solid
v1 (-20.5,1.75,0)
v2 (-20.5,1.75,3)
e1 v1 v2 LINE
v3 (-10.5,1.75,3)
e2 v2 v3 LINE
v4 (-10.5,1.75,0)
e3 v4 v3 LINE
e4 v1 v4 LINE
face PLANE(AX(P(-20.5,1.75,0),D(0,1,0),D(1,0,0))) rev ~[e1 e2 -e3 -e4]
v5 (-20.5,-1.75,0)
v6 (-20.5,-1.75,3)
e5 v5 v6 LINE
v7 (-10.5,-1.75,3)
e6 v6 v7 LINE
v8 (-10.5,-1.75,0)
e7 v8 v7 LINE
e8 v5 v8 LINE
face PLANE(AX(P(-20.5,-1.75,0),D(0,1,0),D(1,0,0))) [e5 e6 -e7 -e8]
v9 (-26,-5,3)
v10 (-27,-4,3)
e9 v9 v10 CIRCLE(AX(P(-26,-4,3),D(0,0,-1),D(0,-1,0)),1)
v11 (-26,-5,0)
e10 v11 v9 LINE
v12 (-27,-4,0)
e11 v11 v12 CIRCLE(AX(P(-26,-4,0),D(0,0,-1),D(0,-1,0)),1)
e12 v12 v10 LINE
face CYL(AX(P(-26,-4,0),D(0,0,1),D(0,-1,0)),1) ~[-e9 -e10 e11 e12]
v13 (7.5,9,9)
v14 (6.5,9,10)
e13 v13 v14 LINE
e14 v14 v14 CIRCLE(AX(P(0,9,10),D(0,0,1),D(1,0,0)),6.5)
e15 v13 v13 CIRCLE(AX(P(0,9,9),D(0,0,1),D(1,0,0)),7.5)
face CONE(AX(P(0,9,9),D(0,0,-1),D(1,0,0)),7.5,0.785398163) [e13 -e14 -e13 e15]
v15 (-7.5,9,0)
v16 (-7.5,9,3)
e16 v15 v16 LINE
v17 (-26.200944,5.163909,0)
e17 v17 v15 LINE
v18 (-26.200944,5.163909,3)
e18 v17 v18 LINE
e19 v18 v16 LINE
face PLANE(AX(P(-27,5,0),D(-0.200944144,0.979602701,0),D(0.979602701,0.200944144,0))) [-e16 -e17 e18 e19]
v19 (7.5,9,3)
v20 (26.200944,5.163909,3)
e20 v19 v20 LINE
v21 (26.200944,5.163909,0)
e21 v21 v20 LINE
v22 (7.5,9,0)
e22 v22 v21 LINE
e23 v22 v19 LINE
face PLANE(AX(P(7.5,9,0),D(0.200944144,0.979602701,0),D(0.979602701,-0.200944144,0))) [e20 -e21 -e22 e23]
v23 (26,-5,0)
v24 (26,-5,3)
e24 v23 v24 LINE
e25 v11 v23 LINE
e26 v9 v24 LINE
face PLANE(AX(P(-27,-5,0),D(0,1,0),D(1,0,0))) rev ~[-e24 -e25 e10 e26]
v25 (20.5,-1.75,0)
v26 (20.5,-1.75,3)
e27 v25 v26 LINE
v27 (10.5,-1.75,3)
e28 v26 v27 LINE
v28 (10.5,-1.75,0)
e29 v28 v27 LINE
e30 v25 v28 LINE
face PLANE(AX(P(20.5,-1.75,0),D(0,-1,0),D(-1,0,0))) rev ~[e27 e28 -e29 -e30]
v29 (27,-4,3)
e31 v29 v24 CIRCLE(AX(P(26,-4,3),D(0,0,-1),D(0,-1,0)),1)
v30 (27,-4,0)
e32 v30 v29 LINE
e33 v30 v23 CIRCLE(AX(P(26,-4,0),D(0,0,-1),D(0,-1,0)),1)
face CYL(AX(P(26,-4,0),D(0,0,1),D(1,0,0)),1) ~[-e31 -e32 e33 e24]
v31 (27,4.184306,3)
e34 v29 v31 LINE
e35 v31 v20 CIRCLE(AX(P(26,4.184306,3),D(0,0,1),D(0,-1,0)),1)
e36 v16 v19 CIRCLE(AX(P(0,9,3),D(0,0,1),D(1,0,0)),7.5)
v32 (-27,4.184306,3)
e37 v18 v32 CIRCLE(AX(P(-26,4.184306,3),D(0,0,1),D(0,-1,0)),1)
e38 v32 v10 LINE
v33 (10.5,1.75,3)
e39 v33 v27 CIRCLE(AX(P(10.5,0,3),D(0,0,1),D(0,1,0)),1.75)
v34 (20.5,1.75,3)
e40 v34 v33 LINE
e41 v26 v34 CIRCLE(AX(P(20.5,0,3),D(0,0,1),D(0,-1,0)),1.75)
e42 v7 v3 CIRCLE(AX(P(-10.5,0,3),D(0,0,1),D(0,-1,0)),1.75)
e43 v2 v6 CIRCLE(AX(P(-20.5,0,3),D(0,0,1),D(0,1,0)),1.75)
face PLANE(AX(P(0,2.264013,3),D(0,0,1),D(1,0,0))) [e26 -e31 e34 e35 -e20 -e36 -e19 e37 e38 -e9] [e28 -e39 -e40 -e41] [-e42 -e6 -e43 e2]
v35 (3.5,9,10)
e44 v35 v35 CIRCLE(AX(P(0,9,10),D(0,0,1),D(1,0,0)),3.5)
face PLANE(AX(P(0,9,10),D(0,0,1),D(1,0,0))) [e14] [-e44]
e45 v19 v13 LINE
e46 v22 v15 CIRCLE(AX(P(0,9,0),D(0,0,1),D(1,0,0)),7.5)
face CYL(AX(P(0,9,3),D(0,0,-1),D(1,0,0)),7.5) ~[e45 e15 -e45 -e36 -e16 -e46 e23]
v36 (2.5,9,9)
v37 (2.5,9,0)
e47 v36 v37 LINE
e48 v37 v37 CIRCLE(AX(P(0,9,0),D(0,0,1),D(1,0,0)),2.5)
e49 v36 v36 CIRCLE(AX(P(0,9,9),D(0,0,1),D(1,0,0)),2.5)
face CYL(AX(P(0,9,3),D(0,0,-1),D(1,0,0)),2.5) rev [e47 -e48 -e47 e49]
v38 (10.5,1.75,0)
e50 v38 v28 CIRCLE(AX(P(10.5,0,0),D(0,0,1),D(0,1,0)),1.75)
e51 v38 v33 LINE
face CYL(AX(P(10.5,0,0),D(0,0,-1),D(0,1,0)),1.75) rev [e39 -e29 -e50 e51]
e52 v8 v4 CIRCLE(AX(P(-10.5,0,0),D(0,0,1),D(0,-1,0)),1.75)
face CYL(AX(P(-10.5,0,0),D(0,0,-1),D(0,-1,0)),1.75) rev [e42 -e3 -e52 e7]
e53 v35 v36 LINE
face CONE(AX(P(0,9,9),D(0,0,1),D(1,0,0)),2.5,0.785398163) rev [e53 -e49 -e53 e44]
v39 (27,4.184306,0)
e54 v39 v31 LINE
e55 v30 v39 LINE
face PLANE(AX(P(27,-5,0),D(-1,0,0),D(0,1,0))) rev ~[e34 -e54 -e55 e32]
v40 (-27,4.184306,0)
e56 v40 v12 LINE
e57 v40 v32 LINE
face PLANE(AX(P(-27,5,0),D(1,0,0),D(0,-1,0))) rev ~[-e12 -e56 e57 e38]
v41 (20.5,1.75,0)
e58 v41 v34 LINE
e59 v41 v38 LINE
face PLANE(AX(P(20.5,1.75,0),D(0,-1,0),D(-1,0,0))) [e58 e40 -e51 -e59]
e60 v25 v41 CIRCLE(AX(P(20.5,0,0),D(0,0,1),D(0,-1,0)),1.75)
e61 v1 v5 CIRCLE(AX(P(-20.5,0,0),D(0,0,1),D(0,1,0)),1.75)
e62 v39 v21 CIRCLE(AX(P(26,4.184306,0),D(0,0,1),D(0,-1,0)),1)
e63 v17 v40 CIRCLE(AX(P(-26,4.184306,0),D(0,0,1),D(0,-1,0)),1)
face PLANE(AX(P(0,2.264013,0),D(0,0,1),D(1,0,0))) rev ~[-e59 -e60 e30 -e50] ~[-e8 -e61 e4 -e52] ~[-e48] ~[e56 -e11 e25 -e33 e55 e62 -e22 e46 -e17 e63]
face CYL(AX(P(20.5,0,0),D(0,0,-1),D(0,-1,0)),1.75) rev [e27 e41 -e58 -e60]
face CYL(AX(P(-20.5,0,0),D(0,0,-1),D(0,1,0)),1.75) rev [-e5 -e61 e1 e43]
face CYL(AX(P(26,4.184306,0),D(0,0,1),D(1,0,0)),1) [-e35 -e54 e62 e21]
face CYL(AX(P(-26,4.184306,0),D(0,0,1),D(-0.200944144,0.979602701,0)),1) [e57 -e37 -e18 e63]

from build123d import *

# Parameters (mm, degrees)
SKETCH_R        = 2.5
PAD_DEPTH       = 3
SKETCH001_R     = 7.5
SKETCH001_R_2   = 2.5
PAD001_DEPTH    = 7
CHAMFER_SIZE    = 1
FILLET_R        = 1
FILLET001_R     = 1
FILLET002_R     = 1
FILLET003_R     = 1
CHAMFER001_SIZE = 1


with BuildPart() as part:
    # Sketch → Pad (new body)
    with BuildSketch(Plane.XY):
        with BuildLine():
            Line((-27, -5), (27, -5))
            Line((27, -5), (27, 5))
            Line((7.5, 9), (27, 5))
            ThreePointArc((7.5, 9), (0, 16.5), (-7.5, 9))
            Line((-27, 5), (-7.5, 9))
            Line((-27, 5), (-27, -5))
        make_face()
        with Locations((0, 9)):
            Circle(SKETCH_R, mode=Mode.SUBTRACT)
        with BuildLine():
            ThreePointArc((-20.5, 1.75), (-22.25, 0), (-20.5, -1.75))
            Line((-20.5, -1.75), (-10.5, -1.75))
            ThreePointArc((-10.5, -1.75), (-8.75, 0), (-10.5, 1.75))
            Line((-20.5, 1.75), (-10.5, 1.75))
        make_face(mode=Mode.SUBTRACT)
        with BuildLine():
            ThreePointArc((20.5, -1.75), (22.25, 0), (20.5, 1.75))
            Line((20.5, 1.75), (10.5, 1.75))
            ThreePointArc((10.5, 1.75), (8.75, 0), (10.5, -1.75))
            Line((20.5, -1.75), (10.5, -1.75))
        make_face(mode=Mode.SUBTRACT)
    extrude(amount=PAD_DEPTH)

    # Sketch001 (on Face17 of Pad) → Pad001 (join)
    with BuildSketch(Plane.XY.offset(3)):
        with Locations((0, 9)):
            Circle(SKETCH001_R)
        with Locations((0, 9)):
            Circle(SKETCH001_R_2, mode=Mode.SUBTRACT)
    extrude(amount=PAD001_DEPTH)

    # Chamfer
    chamfer_edges = [part.edges().sort_by_distance(p)[0] for p in [
        (-2.5, 9, 10),
    ]]
    chamfer(chamfer_edges, length=CHAMFER_SIZE)

    # Fillet
    fillet_edges = [part.edges().sort_by_distance(p)[0] for p in [
        (27, -5, 1.5),
    ]]
    fillet(fillet_edges, radius=FILLET_R)

    # Fillet001
    fillet001_edges = [part.edges().sort_by_distance(p)[0] for p in [
        (-27, -5, 1.5),
    ]]
    fillet(fillet001_edges, radius=FILLET001_R)

    # Fillet002
    fillet002_edges = [part.edges().sort_by_distance(p)[0] for p in [
        (27, 5, 1.5),
    ]]
    fillet(fillet002_edges, radius=FILLET002_R)

    # Fillet003
    fillet003_edges = [part.edges().sort_by_distance(p)[0] for p in [
        (-27, 5, 1.5),
    ]]
    fillet(fillet003_edges, radius=FILLET003_R)

    # Chamfer001
    chamfer001_edges = [part.edges().sort_by_distance(p)[0] for p in [
        (-7.5, 9, 10),
    ]]
    chamfer(chamfer001_edges, length=CHAMFER001_SIZE)


solid = part.part
